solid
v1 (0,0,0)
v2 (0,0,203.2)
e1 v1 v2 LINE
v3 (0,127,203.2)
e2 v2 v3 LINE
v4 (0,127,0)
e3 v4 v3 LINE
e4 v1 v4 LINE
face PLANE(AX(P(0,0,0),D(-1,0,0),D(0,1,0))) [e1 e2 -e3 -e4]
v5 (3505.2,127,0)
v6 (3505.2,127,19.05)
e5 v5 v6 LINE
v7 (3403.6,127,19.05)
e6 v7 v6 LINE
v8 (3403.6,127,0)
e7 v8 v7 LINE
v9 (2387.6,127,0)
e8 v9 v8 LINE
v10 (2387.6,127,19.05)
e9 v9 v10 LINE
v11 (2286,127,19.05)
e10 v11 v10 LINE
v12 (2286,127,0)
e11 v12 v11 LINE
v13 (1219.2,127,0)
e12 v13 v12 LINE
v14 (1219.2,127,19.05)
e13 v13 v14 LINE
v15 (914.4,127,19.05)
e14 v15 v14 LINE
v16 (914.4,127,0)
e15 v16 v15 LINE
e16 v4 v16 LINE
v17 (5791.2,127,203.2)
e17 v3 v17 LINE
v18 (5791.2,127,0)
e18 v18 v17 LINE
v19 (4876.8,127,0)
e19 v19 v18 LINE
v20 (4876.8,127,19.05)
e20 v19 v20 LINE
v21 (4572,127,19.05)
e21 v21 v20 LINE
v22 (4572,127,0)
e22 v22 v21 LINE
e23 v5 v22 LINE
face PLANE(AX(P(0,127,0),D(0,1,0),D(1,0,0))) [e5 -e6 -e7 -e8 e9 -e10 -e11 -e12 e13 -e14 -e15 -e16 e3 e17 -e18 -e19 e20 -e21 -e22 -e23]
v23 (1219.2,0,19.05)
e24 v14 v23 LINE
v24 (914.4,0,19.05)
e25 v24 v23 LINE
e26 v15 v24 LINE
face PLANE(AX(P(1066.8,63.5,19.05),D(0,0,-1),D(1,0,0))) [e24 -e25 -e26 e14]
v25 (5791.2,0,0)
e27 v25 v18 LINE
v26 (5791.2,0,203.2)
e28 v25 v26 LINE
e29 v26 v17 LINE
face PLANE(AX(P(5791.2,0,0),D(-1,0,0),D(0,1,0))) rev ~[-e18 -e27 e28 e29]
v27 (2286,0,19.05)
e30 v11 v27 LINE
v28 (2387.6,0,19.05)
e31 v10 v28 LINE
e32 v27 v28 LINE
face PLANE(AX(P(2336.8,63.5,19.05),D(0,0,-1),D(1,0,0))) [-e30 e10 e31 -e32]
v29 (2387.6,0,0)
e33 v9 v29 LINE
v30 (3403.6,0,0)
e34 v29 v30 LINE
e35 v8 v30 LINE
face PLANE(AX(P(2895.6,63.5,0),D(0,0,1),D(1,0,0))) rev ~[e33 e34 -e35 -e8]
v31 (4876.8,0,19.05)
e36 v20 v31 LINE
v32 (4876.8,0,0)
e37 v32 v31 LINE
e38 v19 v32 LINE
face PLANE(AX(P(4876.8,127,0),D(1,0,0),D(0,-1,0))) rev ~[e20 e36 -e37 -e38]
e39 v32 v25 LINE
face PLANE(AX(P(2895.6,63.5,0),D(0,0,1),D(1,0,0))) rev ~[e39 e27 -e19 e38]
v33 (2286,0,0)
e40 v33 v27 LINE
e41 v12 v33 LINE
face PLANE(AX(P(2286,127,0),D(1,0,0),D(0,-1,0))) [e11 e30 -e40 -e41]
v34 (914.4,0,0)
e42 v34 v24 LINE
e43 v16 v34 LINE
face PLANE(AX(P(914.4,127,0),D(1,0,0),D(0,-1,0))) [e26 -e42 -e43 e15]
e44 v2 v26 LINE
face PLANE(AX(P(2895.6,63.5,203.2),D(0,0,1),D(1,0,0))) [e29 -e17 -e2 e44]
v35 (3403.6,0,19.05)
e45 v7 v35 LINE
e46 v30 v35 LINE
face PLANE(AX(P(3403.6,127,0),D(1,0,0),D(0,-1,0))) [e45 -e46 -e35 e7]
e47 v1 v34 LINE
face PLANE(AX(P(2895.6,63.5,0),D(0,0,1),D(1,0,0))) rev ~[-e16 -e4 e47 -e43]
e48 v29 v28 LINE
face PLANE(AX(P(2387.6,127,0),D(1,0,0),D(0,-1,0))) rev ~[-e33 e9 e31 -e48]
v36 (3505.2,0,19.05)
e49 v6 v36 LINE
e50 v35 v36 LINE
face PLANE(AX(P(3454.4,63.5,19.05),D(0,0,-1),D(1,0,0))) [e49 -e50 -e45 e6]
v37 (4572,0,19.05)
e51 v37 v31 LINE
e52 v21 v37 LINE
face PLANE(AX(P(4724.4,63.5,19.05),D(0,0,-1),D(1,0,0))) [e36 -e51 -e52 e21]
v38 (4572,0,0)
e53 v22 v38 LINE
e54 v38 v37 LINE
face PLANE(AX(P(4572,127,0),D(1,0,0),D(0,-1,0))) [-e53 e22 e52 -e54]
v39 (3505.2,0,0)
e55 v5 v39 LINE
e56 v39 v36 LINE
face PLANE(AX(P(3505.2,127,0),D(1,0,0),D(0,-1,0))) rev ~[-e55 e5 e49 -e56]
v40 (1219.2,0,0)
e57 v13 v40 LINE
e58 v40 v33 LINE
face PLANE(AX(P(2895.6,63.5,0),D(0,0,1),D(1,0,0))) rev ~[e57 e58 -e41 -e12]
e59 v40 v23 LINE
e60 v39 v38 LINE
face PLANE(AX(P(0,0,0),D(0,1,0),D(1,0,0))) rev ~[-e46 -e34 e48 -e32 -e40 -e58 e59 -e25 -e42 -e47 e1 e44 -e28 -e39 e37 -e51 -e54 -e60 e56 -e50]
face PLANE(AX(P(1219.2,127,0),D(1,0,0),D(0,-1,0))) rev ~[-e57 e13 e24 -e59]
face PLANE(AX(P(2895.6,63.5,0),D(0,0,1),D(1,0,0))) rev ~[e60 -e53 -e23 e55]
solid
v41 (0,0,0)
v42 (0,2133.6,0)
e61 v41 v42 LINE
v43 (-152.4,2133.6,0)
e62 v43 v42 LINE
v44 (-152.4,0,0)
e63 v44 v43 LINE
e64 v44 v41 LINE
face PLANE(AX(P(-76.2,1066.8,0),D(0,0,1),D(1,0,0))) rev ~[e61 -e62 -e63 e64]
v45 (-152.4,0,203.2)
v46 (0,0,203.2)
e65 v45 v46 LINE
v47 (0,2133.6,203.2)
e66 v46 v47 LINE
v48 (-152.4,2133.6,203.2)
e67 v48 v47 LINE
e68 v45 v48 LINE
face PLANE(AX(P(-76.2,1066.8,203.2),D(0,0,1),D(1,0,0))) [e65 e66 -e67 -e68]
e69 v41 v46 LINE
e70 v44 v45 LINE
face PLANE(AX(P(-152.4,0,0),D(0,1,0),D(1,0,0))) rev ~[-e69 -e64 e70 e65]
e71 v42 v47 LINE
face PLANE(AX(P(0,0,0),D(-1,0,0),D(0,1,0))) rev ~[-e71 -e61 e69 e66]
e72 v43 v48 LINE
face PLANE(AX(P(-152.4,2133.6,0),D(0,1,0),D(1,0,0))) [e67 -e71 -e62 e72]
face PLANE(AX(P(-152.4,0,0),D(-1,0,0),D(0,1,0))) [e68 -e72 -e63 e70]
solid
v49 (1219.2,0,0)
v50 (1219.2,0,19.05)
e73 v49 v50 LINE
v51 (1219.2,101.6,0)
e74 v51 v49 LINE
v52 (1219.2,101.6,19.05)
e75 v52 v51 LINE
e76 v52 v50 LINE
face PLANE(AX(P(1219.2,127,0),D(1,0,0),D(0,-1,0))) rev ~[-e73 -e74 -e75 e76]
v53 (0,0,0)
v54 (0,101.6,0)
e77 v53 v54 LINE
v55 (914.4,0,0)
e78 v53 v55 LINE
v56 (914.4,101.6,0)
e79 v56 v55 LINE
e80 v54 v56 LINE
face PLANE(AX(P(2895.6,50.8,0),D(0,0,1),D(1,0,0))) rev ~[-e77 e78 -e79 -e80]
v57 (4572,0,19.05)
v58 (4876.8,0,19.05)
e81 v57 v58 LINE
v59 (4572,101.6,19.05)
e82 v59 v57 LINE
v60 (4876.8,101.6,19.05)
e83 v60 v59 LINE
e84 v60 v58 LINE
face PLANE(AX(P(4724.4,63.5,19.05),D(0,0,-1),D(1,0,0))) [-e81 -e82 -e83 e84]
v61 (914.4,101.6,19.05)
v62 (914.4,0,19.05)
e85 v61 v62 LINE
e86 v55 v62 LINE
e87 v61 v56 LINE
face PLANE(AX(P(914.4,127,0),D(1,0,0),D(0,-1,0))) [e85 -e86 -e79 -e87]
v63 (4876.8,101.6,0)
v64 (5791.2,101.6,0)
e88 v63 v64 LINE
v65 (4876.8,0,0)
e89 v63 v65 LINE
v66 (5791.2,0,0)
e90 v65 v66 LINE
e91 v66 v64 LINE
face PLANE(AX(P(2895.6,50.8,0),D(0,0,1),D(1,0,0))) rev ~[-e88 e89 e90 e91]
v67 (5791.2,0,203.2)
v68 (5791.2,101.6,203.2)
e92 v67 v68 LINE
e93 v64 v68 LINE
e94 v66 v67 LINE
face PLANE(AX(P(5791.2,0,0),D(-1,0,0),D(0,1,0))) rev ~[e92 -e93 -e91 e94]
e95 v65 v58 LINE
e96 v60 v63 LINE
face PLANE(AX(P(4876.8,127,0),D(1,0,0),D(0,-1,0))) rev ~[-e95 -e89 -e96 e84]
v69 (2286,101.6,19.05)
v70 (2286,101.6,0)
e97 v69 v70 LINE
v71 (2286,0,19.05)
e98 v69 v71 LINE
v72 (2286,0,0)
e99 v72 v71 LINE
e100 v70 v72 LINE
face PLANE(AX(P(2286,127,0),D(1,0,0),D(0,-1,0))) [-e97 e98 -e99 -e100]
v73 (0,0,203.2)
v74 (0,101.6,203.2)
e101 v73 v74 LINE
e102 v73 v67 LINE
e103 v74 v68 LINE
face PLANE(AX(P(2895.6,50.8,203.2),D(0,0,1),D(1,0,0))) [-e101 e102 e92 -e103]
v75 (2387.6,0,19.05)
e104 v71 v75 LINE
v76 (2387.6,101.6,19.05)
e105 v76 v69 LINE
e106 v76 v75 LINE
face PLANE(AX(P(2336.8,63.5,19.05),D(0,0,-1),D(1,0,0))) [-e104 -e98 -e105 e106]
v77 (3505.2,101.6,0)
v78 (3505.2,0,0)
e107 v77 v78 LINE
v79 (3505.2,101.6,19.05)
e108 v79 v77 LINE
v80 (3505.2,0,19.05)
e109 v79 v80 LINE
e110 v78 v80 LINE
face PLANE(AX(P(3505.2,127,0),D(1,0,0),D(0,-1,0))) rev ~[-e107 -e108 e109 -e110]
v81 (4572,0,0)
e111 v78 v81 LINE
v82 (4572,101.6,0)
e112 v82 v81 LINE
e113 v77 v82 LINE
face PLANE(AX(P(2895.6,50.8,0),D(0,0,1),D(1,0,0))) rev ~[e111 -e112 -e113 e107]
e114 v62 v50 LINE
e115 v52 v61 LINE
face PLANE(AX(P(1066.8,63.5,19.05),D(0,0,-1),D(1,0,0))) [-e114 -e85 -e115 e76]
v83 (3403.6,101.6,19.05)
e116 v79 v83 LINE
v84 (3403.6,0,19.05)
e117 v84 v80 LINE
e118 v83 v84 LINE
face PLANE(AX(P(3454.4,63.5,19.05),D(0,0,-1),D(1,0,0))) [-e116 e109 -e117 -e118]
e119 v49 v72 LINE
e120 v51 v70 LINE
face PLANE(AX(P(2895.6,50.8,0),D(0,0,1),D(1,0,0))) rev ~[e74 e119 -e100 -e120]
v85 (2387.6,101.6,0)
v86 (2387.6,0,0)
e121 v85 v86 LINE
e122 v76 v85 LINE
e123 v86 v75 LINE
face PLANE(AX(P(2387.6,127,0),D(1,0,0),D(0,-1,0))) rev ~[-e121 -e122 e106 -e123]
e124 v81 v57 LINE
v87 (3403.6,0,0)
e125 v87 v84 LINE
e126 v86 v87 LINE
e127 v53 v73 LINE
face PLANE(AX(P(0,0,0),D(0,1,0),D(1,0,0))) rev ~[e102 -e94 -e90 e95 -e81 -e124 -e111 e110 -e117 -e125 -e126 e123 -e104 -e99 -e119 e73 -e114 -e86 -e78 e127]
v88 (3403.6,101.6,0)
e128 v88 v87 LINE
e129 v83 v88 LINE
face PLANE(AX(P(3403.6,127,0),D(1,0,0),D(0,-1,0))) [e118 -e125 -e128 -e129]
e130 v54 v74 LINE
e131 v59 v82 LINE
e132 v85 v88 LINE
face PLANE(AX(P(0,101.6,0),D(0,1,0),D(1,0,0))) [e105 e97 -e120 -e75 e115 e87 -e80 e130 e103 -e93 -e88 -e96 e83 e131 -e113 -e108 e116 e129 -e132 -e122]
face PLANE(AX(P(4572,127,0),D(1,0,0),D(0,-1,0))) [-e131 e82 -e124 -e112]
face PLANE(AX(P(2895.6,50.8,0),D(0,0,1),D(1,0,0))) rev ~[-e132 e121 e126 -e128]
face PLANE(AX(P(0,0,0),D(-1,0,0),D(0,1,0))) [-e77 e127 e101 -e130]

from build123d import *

# Parameters (mm, degrees)
F0_W     = 5791.2
F0_H     = 127
F1_DEPTH = 203.2
F2_W     = 304.8
F2_H     = 127
F2_W_2   = 101.6
F3_DEPTH = 19.05
F4_W     = 5791.2
F4_H     = 101.6
F5_DEPTH = 203.2
F6_DEPTH = 19.05
F7_W     = 152.4
F7_H     = 2133.6
F8_DEPTH = 203.2


with BuildPart() as f1:
    # F0 (on Top) → F1 (new body)
    with BuildSketch(Plane.XY):
        with Locations((2895.6, 63.5)):
            Rectangle(F0_W, F0_H)
    extrude(amount=F1_DEPTH)

    # F2 (on face) → F3 (cut)
    with BuildSketch(Plane(origin=(0, 0, 0), x_dir=(1, 0, 0), z_dir=(0, 0, -1))):
        with Locations((1066.8, -63.5)):
            Rectangle(F2_W, F2_H)
        with Locations((2336.8, -63.5)):
            Rectangle(F2_W_2, F2_H)
        with Locations((3454.4, -63.5)):
            Rectangle(F2_W_2, F2_H)
        with Locations((4724.4, -63.5)):
            Rectangle(F2_W, F2_H)
    extrude(amount=-F3_DEPTH, mode=Mode.SUBTRACT)


with BuildPart() as f5:
    # F4 (on Top) → F5 (new body)
    with BuildSketch(Plane.XY):
        with Locations((2895.6, 50.8)):
            Rectangle(F4_W, F4_H)
    extrude(amount=F5_DEPTH)

    # F2 (on face) → F6 (cut)
    with BuildSketch(Plane(origin=(0, 0, 0), x_dir=(1, 0, 0), z_dir=(0, 0, -1))):
        with Locations((1066.8, -63.5)):
            Rectangle(F2_W, F2_H)
        with Locations((2336.8, -63.5)):
            Rectangle(F2_W_2, F2_H)
        with Locations((3454.4, -63.5)):
            Rectangle(F2_W_2, F2_H)
        with Locations((4724.4, -63.5)):
            Rectangle(F2_W, F2_H)
    extrude(amount=-F6_DEPTH, mode=Mode.SUBTRACT)


with BuildPart() as f8:
    # F7 (on Top) → F8 (new body)
    with BuildSketch(Plane.XY):
        with Locations((-76.2, 1066.8)):
            Rectangle(F7_W, F7_H)
    extrude(amount=F8_DEPTH)


solid = Compound([f1.part, f5.part, f8.part])
